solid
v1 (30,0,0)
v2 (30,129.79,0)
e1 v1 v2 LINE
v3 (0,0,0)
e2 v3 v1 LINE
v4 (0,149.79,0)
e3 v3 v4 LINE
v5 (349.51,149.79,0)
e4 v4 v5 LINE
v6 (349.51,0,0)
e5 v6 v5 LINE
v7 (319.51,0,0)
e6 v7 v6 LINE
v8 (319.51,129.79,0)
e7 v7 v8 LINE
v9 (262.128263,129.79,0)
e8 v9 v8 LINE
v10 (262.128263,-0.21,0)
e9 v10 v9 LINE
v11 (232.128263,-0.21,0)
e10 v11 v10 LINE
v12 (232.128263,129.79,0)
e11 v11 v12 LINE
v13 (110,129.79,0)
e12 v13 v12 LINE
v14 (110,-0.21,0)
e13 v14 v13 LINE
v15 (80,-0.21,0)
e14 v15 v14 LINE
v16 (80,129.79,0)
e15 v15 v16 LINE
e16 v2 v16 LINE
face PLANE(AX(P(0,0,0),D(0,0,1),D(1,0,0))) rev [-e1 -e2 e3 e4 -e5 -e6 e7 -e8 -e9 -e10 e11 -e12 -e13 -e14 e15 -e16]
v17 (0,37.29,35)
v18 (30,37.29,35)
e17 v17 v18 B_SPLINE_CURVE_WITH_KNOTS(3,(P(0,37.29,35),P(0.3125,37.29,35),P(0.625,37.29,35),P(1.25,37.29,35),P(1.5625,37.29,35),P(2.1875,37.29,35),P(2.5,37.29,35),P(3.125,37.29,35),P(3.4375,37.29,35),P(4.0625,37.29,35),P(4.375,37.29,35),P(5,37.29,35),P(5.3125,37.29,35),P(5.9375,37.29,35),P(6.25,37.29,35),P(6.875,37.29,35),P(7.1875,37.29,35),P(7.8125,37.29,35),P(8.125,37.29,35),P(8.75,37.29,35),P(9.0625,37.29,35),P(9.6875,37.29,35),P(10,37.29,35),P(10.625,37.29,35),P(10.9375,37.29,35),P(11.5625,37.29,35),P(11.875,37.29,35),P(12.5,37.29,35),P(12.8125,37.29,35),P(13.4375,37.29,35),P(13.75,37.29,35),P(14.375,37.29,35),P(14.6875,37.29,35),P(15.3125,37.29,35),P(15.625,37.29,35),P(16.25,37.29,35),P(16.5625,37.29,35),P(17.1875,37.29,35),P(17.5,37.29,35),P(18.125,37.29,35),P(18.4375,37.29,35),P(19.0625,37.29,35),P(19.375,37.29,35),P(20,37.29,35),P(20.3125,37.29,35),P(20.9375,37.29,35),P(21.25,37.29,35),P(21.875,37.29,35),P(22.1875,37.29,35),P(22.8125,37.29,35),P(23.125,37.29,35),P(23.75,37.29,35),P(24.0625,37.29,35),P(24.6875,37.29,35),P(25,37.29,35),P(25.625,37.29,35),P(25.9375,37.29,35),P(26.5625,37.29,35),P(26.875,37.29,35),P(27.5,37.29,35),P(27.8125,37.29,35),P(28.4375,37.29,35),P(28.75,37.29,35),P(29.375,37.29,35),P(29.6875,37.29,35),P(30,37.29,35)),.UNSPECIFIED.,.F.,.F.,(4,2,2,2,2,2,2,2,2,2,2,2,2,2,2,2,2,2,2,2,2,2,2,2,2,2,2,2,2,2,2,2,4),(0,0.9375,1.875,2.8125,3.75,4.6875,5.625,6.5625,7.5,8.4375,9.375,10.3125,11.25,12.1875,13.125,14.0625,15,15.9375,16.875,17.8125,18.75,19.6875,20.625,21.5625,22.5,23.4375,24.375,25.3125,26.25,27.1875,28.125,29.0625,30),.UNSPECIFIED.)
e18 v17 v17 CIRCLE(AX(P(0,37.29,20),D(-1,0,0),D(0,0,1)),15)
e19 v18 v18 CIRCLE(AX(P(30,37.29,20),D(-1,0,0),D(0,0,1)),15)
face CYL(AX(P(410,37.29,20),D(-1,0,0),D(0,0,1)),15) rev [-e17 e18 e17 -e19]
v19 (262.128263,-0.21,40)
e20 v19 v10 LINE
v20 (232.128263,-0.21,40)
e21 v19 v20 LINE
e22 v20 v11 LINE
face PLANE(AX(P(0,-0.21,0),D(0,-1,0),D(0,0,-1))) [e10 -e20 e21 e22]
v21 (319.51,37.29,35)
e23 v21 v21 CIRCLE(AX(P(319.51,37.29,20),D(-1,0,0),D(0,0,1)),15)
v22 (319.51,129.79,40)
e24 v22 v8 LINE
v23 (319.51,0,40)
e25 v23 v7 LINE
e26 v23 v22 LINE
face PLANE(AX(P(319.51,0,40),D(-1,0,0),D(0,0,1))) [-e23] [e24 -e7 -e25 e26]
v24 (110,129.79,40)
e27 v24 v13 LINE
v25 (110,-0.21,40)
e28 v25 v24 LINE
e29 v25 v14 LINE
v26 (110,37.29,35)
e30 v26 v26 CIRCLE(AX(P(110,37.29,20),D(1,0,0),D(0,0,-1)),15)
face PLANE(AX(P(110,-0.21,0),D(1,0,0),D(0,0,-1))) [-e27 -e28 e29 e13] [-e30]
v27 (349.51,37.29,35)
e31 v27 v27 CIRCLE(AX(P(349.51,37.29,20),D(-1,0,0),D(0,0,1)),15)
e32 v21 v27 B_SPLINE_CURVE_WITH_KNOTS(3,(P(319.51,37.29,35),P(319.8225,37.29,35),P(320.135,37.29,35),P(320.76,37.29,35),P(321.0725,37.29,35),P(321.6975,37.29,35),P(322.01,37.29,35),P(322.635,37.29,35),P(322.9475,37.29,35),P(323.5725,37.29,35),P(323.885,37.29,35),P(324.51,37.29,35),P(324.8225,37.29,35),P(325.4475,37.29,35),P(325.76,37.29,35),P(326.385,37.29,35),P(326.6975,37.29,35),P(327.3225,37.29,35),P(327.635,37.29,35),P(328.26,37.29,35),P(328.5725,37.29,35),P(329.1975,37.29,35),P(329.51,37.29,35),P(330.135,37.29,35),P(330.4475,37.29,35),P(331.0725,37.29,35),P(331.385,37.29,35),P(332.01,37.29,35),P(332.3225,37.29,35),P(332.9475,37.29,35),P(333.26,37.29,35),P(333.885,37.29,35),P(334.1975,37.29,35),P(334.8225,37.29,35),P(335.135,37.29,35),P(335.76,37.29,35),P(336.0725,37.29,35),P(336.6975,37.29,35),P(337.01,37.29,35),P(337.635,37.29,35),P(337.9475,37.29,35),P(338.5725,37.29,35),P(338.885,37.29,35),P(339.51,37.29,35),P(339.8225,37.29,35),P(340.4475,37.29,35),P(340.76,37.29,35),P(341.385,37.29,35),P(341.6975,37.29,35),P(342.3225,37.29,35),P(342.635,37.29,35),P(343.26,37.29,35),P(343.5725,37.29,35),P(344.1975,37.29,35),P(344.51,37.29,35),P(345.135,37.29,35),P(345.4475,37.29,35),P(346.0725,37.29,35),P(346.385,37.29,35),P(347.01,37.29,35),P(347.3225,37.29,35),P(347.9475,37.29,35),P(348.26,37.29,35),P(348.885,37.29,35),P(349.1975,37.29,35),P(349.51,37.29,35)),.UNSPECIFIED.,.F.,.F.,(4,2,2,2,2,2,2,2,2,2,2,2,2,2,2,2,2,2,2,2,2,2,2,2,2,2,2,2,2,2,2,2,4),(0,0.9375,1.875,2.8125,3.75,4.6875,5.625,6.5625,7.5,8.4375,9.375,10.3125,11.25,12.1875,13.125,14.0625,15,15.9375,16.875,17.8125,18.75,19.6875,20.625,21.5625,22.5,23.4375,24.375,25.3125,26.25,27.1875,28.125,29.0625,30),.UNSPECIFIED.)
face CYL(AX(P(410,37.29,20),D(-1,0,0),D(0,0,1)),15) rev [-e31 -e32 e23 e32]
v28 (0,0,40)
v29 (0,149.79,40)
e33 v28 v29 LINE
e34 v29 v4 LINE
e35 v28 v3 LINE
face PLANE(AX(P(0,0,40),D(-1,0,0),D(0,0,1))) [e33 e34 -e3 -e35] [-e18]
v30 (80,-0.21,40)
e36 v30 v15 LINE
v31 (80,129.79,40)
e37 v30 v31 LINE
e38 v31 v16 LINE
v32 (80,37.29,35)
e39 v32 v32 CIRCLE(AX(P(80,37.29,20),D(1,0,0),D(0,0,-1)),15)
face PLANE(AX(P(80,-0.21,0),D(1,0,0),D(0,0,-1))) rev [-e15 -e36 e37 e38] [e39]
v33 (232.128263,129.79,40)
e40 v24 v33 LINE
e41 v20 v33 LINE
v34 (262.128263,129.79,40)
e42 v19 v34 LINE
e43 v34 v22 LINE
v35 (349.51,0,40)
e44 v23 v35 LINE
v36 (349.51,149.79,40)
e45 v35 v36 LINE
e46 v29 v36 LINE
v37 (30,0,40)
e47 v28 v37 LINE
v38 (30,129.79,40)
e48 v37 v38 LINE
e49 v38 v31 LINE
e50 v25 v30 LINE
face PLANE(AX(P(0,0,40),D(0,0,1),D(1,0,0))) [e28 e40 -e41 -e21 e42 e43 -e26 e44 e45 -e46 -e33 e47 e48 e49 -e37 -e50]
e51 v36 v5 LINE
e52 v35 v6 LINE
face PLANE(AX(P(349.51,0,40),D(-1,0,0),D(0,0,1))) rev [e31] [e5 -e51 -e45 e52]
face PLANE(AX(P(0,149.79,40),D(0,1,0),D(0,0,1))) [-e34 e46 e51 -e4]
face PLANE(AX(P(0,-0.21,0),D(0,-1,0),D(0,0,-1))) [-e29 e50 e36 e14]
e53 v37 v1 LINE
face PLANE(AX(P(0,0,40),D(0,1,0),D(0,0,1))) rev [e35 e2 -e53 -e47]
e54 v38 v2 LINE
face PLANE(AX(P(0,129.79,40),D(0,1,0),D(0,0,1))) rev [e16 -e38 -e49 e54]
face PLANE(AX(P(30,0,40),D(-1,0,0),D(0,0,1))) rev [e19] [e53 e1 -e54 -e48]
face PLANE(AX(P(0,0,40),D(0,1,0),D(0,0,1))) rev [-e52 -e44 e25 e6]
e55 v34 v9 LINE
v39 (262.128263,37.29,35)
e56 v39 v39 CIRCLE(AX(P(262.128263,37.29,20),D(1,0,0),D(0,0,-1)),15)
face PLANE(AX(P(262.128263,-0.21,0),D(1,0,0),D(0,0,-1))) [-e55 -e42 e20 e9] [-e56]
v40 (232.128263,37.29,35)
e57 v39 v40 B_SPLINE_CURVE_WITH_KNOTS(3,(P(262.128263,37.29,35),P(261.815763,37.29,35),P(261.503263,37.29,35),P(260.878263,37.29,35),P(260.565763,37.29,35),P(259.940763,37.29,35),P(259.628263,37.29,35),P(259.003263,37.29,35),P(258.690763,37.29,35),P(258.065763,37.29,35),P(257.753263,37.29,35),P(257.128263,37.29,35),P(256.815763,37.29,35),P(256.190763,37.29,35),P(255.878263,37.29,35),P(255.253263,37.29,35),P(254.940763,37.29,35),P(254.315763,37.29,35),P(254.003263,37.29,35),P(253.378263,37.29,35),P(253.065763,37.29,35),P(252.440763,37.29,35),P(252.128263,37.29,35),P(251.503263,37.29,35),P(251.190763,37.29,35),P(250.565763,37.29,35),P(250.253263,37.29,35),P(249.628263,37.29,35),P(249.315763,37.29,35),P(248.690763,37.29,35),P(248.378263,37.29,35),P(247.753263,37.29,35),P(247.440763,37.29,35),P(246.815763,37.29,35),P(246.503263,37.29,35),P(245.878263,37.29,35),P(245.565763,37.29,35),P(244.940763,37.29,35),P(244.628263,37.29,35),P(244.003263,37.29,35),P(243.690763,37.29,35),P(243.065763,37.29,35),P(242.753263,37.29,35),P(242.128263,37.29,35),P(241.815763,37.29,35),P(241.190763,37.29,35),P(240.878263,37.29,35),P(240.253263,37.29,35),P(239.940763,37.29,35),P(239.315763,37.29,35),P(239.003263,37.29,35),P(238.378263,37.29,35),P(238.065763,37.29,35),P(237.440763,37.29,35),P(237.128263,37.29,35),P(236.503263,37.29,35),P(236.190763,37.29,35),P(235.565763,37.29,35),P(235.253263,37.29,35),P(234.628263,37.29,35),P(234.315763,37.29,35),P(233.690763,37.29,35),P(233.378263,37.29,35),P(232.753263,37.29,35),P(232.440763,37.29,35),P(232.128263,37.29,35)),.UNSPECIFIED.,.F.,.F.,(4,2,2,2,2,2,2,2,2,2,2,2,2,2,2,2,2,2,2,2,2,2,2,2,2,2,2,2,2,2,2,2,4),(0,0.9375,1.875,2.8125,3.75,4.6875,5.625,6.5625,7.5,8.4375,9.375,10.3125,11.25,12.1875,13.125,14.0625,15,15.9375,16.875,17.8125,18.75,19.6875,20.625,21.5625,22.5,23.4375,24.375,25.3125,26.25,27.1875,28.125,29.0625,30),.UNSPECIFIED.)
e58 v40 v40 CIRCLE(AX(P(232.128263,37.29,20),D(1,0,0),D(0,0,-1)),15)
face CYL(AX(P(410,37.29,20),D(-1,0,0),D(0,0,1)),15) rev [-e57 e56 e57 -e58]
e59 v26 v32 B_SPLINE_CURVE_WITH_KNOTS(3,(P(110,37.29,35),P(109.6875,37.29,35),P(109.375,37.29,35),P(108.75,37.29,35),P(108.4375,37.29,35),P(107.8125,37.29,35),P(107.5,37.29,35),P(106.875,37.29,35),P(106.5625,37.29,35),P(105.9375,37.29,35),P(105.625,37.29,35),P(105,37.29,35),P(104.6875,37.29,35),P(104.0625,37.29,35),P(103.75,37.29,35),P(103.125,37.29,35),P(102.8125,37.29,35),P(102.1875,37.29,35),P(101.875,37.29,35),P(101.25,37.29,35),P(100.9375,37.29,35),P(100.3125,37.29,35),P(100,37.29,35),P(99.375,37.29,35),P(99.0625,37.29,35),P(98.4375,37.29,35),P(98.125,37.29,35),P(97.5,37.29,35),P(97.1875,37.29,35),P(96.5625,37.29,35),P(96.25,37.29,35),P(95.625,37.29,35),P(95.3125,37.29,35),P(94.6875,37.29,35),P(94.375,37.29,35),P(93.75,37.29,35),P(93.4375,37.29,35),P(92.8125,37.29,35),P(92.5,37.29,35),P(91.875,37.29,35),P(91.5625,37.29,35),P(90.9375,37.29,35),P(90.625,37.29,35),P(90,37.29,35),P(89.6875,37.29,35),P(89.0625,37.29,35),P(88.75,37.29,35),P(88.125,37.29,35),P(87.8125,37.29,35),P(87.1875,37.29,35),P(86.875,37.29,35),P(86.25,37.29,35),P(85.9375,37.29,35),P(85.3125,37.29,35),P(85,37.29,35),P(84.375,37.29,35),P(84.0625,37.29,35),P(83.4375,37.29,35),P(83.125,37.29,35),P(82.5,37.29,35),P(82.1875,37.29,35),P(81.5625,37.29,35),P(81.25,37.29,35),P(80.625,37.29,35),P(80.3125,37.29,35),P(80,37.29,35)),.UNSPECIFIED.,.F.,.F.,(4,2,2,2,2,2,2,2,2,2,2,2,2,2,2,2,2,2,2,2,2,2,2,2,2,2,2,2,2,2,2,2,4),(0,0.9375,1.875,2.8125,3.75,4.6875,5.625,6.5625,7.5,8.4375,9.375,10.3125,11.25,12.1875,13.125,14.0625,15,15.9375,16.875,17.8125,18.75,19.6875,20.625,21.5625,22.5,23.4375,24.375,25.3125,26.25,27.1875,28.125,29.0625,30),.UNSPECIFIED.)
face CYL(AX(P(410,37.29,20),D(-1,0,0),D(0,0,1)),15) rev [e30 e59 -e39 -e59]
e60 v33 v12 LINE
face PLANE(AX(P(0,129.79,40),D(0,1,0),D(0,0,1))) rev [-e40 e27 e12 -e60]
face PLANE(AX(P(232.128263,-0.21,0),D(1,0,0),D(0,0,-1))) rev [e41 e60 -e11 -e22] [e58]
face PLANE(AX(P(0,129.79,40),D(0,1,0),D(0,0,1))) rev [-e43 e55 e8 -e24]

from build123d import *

# Parameters (mm, degrees)
BOSS_EXTRUDE1_DEPTH = 40
SKETCH2_W           = 30
SKETCH2_H           = 40
BOSS_EXTRUDE2_DEPTH = 130
CUT_EXTRUDE1_DEPTH  = 410


with BuildPart() as part:
    # Sketch1 → Boss-Extrude1 (new body)
    with BuildSketch(Plane.XY):
        Polygon((0, 149.79), (0, 0), (30, 0), (30, 129.79), (319.51, 129.79), (319.51, 0), (349.51, 0), (349.51, 149.79), align=None)
    extrude(amount=BOSS_EXTRUDE1_DEPTH)

    # Sketch2 → Boss-Extrude2 (add)
    with BuildSketch(Plane.XZ.offset(-129.79)):
        with Locations((95, 20)):
            Rectangle(SKETCH2_W, SKETCH2_H)
        with Locations((247.128263463, 20)):
            Rectangle(SKETCH2_W, SKETCH2_H)
    extrude(amount=BOSS_EXTRUDE2_DEPTH)

    # Sketch4 → Cut-Extrude1 (cut)
    with BuildSketch(Plane.ZY):
        with BuildLine():
            ThreePointArc((20, 52.29), (5, 37.29), (20, 22.29))
            Line((20, 22.29), (20, 52.29))
        make_face()
        with BuildLine():
            Line((20, 52.29), (20, 22.29))
            ThreePointArc((20, 22.29), (30.606601718, 26.683398282), (35, 37.29))
            ThreePointArc((35, 37.29), (30.606601718, 47.896601718), (20, 52.29))
        make_face()
    extrude(amount=-CUT_EXTRUDE1_DEPTH, mode=Mode.SUBTRACT)


solid = part.part
